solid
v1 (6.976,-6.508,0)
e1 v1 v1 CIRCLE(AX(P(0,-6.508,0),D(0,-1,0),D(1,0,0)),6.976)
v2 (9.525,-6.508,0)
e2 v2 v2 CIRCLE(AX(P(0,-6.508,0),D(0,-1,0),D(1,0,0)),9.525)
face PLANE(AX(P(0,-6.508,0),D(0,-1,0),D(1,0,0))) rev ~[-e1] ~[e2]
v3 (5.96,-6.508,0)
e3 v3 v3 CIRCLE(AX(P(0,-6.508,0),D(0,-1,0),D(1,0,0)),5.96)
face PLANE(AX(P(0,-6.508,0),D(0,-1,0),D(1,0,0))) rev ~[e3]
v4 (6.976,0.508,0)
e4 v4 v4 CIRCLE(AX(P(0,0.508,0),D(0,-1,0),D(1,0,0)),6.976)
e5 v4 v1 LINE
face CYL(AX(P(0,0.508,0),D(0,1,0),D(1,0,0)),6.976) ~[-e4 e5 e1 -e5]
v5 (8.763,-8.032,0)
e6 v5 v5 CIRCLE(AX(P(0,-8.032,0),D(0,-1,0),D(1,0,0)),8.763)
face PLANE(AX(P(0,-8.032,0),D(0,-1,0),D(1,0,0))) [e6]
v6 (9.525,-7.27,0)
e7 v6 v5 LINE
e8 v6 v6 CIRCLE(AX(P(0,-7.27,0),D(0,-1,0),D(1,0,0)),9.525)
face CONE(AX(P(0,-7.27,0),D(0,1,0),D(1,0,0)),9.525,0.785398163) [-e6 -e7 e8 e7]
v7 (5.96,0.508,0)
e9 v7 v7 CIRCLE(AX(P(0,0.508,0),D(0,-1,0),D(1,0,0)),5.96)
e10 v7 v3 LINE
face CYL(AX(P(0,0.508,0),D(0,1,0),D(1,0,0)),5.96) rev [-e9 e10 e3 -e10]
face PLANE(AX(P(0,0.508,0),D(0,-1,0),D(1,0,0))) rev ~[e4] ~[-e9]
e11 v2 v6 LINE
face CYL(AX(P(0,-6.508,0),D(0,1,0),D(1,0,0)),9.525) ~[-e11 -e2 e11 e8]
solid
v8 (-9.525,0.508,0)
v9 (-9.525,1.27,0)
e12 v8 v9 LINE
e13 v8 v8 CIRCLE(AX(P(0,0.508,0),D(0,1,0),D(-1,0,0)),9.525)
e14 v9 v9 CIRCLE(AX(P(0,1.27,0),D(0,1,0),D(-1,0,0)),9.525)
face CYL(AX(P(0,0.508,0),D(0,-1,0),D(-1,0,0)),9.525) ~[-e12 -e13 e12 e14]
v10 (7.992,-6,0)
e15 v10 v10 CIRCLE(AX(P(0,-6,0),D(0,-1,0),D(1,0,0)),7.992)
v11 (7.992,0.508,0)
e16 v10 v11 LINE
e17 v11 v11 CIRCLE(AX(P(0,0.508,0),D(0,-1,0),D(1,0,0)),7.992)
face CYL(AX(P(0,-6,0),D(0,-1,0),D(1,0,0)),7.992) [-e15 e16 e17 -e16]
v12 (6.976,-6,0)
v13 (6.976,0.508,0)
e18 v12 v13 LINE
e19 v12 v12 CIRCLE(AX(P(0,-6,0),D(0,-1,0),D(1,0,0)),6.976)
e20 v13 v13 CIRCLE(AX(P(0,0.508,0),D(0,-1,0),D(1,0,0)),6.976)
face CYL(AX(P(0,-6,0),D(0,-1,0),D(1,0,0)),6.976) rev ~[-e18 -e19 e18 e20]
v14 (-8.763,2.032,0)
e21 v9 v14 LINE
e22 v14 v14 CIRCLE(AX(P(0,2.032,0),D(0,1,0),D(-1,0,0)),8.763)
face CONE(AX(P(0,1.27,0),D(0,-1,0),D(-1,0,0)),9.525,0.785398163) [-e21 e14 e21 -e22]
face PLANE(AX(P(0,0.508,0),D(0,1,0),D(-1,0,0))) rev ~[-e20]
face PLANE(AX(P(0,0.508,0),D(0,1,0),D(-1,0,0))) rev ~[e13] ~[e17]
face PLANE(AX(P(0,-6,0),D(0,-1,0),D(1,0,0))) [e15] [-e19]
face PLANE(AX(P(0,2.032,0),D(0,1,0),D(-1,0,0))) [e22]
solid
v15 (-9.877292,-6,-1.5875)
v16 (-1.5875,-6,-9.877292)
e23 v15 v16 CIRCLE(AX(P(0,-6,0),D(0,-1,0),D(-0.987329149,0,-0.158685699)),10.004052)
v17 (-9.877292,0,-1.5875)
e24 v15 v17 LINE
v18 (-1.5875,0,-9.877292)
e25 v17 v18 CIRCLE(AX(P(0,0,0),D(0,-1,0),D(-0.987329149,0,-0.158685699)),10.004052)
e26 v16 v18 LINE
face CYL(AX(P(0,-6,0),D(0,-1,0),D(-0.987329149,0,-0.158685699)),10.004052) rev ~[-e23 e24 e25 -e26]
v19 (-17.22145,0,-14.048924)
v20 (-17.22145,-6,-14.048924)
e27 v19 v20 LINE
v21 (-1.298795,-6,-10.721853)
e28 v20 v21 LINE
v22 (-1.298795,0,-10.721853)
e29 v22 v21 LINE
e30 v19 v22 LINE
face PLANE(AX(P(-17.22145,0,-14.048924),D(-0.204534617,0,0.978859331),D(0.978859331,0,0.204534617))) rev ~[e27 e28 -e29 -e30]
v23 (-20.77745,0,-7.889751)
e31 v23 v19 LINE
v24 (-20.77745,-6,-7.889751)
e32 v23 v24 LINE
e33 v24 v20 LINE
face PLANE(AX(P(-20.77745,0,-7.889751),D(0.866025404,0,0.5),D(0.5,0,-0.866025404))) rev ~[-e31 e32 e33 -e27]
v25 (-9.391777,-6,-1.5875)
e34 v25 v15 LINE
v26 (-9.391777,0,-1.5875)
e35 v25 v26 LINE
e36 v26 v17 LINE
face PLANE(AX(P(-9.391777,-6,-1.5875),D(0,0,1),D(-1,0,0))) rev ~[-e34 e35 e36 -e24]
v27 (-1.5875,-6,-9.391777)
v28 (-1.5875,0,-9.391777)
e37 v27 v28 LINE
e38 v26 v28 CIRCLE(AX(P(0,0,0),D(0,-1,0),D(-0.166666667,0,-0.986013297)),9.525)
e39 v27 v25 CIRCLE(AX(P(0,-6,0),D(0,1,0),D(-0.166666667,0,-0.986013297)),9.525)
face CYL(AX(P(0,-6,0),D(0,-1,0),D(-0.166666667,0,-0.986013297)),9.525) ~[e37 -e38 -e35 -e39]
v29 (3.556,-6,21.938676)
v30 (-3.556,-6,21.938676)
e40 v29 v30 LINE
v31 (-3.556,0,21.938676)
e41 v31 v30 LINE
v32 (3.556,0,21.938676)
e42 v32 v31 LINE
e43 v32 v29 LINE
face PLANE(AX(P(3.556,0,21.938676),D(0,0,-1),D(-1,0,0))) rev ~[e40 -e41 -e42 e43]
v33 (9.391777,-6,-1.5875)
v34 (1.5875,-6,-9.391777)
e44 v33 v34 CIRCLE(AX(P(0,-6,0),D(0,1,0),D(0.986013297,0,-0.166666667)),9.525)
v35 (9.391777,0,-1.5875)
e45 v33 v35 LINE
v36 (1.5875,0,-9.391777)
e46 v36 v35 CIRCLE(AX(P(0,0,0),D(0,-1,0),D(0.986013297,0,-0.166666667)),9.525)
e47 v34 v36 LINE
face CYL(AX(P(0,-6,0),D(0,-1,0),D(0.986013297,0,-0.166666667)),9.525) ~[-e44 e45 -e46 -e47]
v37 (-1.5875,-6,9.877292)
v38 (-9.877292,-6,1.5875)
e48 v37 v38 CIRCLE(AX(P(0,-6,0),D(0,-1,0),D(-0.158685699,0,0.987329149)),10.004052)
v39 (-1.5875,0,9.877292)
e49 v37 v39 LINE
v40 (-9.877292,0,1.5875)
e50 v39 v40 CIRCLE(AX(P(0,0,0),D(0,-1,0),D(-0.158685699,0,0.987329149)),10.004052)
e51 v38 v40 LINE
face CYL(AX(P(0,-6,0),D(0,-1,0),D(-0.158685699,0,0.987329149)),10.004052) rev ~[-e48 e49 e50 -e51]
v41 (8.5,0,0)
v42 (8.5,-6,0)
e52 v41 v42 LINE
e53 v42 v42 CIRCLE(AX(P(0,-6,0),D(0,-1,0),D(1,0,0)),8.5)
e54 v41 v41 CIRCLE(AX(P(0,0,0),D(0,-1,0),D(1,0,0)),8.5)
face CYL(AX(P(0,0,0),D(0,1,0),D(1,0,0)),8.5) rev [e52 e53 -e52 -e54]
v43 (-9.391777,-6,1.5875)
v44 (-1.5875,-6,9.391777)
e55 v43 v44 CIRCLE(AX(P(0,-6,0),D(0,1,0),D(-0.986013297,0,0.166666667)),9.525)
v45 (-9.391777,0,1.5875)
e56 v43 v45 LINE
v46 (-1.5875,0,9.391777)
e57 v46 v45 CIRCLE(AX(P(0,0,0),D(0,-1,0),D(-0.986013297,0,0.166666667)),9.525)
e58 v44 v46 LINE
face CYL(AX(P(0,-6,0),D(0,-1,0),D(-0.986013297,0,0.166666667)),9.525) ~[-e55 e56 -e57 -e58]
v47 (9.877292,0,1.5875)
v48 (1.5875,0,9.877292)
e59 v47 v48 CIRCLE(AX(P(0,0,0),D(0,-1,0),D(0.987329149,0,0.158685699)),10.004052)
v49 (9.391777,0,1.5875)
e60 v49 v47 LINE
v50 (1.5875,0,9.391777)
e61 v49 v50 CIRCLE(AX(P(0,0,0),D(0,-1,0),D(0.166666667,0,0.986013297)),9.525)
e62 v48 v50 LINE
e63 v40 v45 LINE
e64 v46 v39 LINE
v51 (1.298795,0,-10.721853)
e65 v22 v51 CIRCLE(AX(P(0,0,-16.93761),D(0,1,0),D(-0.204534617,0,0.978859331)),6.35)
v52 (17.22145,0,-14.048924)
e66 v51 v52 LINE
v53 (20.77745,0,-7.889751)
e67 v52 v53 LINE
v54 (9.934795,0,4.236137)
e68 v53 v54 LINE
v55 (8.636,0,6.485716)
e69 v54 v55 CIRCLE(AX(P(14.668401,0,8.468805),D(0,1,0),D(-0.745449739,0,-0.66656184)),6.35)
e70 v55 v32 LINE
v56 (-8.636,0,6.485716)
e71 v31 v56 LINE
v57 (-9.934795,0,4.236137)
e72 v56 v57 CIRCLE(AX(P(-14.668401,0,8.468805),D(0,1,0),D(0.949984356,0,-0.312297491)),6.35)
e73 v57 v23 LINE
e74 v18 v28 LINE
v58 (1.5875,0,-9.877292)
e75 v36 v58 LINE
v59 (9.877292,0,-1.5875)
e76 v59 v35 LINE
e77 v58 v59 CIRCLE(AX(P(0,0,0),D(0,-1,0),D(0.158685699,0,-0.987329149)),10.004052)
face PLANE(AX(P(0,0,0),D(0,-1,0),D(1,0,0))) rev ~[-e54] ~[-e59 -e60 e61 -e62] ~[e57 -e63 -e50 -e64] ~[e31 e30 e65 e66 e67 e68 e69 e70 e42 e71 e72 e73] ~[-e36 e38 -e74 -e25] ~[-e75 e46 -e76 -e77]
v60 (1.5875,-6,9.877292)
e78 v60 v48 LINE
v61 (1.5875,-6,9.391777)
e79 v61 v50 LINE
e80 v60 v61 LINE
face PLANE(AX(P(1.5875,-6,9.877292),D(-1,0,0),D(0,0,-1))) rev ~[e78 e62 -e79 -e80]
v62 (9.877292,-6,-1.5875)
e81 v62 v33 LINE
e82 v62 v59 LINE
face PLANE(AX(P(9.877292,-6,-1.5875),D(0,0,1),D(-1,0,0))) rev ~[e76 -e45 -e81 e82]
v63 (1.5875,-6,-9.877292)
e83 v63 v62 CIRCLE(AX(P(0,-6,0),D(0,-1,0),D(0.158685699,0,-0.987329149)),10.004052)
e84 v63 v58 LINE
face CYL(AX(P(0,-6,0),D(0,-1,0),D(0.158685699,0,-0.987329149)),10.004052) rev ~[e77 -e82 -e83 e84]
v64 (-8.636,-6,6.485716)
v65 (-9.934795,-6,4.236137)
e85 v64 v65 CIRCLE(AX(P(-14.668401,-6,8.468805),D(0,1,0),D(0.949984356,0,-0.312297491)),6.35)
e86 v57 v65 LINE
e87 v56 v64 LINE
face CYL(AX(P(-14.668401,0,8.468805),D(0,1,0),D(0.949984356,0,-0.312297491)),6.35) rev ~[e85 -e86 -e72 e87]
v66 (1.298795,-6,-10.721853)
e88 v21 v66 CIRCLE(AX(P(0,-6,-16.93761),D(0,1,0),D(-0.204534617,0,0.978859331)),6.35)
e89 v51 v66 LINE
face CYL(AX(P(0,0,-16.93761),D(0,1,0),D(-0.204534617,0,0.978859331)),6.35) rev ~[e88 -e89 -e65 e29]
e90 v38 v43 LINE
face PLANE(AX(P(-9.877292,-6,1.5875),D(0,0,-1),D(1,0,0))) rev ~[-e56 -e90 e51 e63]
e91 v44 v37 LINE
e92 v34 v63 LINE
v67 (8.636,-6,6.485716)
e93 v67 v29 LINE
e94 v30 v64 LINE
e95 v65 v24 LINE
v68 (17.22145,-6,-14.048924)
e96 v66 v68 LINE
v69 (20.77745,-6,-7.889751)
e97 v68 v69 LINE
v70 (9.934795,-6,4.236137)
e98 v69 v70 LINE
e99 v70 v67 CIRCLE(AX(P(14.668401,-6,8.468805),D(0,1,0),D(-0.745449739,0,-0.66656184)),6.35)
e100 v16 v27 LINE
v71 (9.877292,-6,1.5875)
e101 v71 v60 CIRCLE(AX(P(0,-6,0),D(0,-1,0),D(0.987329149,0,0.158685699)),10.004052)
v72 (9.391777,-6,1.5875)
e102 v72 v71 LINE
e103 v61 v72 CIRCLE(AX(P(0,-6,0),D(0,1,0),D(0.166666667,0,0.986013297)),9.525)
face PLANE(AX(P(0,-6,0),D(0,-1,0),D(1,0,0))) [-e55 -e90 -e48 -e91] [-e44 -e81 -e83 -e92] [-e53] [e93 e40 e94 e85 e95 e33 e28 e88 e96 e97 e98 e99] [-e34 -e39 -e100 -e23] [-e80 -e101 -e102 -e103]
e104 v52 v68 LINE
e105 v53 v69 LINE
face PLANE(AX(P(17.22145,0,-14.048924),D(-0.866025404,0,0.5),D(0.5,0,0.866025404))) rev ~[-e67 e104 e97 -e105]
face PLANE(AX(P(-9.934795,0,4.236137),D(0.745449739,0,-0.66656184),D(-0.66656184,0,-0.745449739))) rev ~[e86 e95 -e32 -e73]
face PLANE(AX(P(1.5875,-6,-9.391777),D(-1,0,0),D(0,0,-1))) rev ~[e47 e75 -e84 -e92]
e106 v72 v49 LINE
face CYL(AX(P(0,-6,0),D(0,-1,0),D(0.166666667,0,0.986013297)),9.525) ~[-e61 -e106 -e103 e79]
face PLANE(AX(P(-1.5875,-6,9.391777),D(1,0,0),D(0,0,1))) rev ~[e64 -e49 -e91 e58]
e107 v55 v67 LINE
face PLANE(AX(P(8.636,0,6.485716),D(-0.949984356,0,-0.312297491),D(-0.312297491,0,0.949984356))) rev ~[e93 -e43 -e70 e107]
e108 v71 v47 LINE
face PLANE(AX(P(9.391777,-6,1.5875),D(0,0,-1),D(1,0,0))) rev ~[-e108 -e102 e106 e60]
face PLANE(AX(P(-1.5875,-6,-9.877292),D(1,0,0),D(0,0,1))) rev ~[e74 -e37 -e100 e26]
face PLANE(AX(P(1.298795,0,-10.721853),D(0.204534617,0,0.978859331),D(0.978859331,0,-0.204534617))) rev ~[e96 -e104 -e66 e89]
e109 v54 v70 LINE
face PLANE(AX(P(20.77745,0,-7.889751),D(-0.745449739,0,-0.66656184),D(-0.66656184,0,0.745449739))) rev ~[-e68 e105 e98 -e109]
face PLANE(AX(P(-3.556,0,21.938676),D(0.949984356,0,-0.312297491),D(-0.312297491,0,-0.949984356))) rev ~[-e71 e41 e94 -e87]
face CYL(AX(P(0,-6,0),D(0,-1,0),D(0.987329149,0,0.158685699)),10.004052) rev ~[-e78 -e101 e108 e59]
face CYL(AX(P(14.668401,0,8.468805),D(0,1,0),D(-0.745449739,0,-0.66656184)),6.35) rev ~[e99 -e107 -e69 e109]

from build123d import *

# Parameters (mm, degrees)
F0_R       = 8.5
F1_DEPTH   = 6
F2_R       = 7.992
F2_R_2     = 6.976
F3_DEPTH   = 6.508
F4_R       = 9.525
F4_R_2     = 7.992
F4_R_3     = 6.976
F5_DEPTH   = 1.524
F6_R       = 6.976
F6_R_2     = 5.96
F7_DEPTH   = 7.016
F8_R       = 9.525
F8_R_2     = 6.976
F8_R_3     = 5.96
F9_DEPTH   = 1.524
F10_SIZE   = 0.762
F10_2_SIZE = 0.762
F12_DEPTH  = 8.033
F14_DEPTH  = 8.033


with BuildPart() as f1:
    # F0 (on Front) → F1 (new body)
    with BuildSketch(Plane.XZ):
        with BuildLine():
            Line((3.556, 21.9386756437), (-3.556, 21.9386756437))
            Line((-3.556, 21.9386756437), (-8.636, 6.4857160009))
            ThreePointArc((-8.636, 6.4857160009), (-9.1691393476, 5.2938050706), (-9.9347948185, 4.2361373866))
            Line((-9.9347948185, 4.2361373866), (-20.7774504328, -7.889751486))
            Line((-20.7774504328, -7.889751486), (-17.2214504328, -14.0489241577))
            Line((-17.2214504328, -14.0489241577), (-1.2987948185, -10.7218533875))
            ThreePointArc((-1.2987948185, -10.7218533875), (0, -10.5876101411), (1.2987948185, -10.7218533875))
            Line((1.2987948185, -10.7218533875), (17.2214504328, -14.0489241577))
            Line((17.2214504328, -14.0489241577), (20.7774504328, -7.889751486))
            Line((20.7774504328, -7.889751486), (9.9347948185, 4.2361373866))
            ThreePointArc((9.9347948185, 4.2361373866), (9.1691393476, 5.2938050706), (8.636, 6.4857160009))
            Line((8.636, 6.4857160009), (3.556, 21.9386756437))
        make_face()
        Circle(F0_R, mode=Mode.SUBTRACT)
    extrude(amount=F1_DEPTH)

    # F11 (on face) → F12 (cut, through all)
    with BuildSketch(Plane.XZ.offset(6)):
        Polygon((0, 29.2248509662), (5.4864, 32.3924254831), (5.4864, 38.7275745169), (0, 41.8951490338), (-5.4864, 38.7275745169), (-5.4864, 32.3924254831), align=None)
    extrude(amount=-F12_DEPTH, mode=Mode.SUBTRACT)

    # F13 (on face) → F14 (cut, through all)
    with BuildSketch(Plane.XZ.offset(6)):
        with BuildLine():
            Line((-1.5875, 9.3917766557), (-1.5875, 9.8772922774))
            ThreePointArc((-1.5875, 9.8772922774), (-7.0739330992, 7.0739330992), (-9.8772922774, 1.5875))
            Line((-9.8772922774, 1.5875), (-9.3917766557, 1.5875))
            ThreePointArc((-9.3917766557, 1.5875), (-6.7351920908, 6.7351920908), (-1.5875, 9.3917766557))
        make_face()
        with BuildLine():
            Line((9.3917766557, 1.5875), (9.8772922774, 1.5875))
            ThreePointArc((9.8772922774, 1.5875), (7.0739330992, 7.0739330992), (1.5875, 9.8772922774))
            Line((1.5875, 9.8772922774), (1.5875, 9.3917766557))
            ThreePointArc((1.5875, 9.3917766557), (6.7351920908, 6.7351920908), (9.3917766557, 1.5875))
        make_face()
        with BuildLine():
            Line((-9.3917766557, -1.5875), (-9.8772922774, -1.5875))
            ThreePointArc((-9.8772922774, -1.5875), (-7.0739330992, -7.0739330992), (-1.5875, -9.8772922774))
            Line((-1.5875, -9.8772922774), (-1.5875, -9.3917766557))
            ThreePointArc((-1.5875, -9.3917766557), (-6.7351920908, -6.7351920908), (-9.3917766557, -1.5875))
        make_face()
        with BuildLine():
            Line((1.5875, -9.3917766557), (1.5875, -9.8772922774))
            ThreePointArc((1.5875, -9.8772922774), (7.0739330992, -7.0739330992), (9.8772922774, -1.5875))
            Line((9.8772922774, -1.5875), (9.3917766557, -1.5875))
            ThreePointArc((9.3917766557, -1.5875), (6.7351920908, -6.7351920908), (1.5875, -9.3917766557))
        make_face()
    extrude(amount=-F14_DEPTH, mode=Mode.SUBTRACT)


with BuildPart() as f3:
    # F2 (on face) → F3 (new body, through all)
    with BuildSketch(Plane.XZ.offset(6)):
        Circle(F2_R)
        Circle(F2_R_2, mode=Mode.SUBTRACT)
    extrude(amount=-F3_DEPTH)

    # F4 (on face) → F5 (join)
    with BuildSketch(Plane(origin=(0, 0.508, 0), x_dir=(-1, 0, 0), z_dir=(0, 1, 0))):
        Circle(F4_R)
        Circle(F4_R_2, mode=Mode.SUBTRACT)
        Circle(F4_R_2)
        Circle(F4_R_3, mode=Mode.SUBTRACT)
        Circle(F4_R_3)
    extrude(amount=F5_DEPTH)

    # F10
    f10_edges = [f3.edges().sort_by_distance(p)[0] for p in [
        (9.525, 2.032, 0),
    ]]
    chamfer(f10_edges, length=F10_SIZE)


with BuildPart() as f7:
    # F6 (on face) → F7 (new body, through all)
    with BuildSketch(Plane.XZ.offset(-0.508)):
        Circle(F6_R)
        Circle(F6_R_2, mode=Mode.SUBTRACT)
    extrude(amount=F7_DEPTH)

    # F8 (on face) → F9 (join)
    with BuildSketch(Plane.XZ.offset(6.508)):
        Circle(F8_R)
        Circle(F8_R_2, mode=Mode.SUBTRACT)
        Circle(F8_R_2)
        Circle(F8_R_3, mode=Mode.SUBTRACT)
        Circle(F8_R_3)
    extrude(amount=F9_DEPTH)

    # F10#2
    f10_2_edges = [f7.edges().sort_by_distance(p)[0] for p in [
        (-9.525, -8.032, 0),
    ]]
    chamfer(f10_2_edges, length=F10_2_SIZE)


solid = Compound([f1.part, f3.part, f7.part])
